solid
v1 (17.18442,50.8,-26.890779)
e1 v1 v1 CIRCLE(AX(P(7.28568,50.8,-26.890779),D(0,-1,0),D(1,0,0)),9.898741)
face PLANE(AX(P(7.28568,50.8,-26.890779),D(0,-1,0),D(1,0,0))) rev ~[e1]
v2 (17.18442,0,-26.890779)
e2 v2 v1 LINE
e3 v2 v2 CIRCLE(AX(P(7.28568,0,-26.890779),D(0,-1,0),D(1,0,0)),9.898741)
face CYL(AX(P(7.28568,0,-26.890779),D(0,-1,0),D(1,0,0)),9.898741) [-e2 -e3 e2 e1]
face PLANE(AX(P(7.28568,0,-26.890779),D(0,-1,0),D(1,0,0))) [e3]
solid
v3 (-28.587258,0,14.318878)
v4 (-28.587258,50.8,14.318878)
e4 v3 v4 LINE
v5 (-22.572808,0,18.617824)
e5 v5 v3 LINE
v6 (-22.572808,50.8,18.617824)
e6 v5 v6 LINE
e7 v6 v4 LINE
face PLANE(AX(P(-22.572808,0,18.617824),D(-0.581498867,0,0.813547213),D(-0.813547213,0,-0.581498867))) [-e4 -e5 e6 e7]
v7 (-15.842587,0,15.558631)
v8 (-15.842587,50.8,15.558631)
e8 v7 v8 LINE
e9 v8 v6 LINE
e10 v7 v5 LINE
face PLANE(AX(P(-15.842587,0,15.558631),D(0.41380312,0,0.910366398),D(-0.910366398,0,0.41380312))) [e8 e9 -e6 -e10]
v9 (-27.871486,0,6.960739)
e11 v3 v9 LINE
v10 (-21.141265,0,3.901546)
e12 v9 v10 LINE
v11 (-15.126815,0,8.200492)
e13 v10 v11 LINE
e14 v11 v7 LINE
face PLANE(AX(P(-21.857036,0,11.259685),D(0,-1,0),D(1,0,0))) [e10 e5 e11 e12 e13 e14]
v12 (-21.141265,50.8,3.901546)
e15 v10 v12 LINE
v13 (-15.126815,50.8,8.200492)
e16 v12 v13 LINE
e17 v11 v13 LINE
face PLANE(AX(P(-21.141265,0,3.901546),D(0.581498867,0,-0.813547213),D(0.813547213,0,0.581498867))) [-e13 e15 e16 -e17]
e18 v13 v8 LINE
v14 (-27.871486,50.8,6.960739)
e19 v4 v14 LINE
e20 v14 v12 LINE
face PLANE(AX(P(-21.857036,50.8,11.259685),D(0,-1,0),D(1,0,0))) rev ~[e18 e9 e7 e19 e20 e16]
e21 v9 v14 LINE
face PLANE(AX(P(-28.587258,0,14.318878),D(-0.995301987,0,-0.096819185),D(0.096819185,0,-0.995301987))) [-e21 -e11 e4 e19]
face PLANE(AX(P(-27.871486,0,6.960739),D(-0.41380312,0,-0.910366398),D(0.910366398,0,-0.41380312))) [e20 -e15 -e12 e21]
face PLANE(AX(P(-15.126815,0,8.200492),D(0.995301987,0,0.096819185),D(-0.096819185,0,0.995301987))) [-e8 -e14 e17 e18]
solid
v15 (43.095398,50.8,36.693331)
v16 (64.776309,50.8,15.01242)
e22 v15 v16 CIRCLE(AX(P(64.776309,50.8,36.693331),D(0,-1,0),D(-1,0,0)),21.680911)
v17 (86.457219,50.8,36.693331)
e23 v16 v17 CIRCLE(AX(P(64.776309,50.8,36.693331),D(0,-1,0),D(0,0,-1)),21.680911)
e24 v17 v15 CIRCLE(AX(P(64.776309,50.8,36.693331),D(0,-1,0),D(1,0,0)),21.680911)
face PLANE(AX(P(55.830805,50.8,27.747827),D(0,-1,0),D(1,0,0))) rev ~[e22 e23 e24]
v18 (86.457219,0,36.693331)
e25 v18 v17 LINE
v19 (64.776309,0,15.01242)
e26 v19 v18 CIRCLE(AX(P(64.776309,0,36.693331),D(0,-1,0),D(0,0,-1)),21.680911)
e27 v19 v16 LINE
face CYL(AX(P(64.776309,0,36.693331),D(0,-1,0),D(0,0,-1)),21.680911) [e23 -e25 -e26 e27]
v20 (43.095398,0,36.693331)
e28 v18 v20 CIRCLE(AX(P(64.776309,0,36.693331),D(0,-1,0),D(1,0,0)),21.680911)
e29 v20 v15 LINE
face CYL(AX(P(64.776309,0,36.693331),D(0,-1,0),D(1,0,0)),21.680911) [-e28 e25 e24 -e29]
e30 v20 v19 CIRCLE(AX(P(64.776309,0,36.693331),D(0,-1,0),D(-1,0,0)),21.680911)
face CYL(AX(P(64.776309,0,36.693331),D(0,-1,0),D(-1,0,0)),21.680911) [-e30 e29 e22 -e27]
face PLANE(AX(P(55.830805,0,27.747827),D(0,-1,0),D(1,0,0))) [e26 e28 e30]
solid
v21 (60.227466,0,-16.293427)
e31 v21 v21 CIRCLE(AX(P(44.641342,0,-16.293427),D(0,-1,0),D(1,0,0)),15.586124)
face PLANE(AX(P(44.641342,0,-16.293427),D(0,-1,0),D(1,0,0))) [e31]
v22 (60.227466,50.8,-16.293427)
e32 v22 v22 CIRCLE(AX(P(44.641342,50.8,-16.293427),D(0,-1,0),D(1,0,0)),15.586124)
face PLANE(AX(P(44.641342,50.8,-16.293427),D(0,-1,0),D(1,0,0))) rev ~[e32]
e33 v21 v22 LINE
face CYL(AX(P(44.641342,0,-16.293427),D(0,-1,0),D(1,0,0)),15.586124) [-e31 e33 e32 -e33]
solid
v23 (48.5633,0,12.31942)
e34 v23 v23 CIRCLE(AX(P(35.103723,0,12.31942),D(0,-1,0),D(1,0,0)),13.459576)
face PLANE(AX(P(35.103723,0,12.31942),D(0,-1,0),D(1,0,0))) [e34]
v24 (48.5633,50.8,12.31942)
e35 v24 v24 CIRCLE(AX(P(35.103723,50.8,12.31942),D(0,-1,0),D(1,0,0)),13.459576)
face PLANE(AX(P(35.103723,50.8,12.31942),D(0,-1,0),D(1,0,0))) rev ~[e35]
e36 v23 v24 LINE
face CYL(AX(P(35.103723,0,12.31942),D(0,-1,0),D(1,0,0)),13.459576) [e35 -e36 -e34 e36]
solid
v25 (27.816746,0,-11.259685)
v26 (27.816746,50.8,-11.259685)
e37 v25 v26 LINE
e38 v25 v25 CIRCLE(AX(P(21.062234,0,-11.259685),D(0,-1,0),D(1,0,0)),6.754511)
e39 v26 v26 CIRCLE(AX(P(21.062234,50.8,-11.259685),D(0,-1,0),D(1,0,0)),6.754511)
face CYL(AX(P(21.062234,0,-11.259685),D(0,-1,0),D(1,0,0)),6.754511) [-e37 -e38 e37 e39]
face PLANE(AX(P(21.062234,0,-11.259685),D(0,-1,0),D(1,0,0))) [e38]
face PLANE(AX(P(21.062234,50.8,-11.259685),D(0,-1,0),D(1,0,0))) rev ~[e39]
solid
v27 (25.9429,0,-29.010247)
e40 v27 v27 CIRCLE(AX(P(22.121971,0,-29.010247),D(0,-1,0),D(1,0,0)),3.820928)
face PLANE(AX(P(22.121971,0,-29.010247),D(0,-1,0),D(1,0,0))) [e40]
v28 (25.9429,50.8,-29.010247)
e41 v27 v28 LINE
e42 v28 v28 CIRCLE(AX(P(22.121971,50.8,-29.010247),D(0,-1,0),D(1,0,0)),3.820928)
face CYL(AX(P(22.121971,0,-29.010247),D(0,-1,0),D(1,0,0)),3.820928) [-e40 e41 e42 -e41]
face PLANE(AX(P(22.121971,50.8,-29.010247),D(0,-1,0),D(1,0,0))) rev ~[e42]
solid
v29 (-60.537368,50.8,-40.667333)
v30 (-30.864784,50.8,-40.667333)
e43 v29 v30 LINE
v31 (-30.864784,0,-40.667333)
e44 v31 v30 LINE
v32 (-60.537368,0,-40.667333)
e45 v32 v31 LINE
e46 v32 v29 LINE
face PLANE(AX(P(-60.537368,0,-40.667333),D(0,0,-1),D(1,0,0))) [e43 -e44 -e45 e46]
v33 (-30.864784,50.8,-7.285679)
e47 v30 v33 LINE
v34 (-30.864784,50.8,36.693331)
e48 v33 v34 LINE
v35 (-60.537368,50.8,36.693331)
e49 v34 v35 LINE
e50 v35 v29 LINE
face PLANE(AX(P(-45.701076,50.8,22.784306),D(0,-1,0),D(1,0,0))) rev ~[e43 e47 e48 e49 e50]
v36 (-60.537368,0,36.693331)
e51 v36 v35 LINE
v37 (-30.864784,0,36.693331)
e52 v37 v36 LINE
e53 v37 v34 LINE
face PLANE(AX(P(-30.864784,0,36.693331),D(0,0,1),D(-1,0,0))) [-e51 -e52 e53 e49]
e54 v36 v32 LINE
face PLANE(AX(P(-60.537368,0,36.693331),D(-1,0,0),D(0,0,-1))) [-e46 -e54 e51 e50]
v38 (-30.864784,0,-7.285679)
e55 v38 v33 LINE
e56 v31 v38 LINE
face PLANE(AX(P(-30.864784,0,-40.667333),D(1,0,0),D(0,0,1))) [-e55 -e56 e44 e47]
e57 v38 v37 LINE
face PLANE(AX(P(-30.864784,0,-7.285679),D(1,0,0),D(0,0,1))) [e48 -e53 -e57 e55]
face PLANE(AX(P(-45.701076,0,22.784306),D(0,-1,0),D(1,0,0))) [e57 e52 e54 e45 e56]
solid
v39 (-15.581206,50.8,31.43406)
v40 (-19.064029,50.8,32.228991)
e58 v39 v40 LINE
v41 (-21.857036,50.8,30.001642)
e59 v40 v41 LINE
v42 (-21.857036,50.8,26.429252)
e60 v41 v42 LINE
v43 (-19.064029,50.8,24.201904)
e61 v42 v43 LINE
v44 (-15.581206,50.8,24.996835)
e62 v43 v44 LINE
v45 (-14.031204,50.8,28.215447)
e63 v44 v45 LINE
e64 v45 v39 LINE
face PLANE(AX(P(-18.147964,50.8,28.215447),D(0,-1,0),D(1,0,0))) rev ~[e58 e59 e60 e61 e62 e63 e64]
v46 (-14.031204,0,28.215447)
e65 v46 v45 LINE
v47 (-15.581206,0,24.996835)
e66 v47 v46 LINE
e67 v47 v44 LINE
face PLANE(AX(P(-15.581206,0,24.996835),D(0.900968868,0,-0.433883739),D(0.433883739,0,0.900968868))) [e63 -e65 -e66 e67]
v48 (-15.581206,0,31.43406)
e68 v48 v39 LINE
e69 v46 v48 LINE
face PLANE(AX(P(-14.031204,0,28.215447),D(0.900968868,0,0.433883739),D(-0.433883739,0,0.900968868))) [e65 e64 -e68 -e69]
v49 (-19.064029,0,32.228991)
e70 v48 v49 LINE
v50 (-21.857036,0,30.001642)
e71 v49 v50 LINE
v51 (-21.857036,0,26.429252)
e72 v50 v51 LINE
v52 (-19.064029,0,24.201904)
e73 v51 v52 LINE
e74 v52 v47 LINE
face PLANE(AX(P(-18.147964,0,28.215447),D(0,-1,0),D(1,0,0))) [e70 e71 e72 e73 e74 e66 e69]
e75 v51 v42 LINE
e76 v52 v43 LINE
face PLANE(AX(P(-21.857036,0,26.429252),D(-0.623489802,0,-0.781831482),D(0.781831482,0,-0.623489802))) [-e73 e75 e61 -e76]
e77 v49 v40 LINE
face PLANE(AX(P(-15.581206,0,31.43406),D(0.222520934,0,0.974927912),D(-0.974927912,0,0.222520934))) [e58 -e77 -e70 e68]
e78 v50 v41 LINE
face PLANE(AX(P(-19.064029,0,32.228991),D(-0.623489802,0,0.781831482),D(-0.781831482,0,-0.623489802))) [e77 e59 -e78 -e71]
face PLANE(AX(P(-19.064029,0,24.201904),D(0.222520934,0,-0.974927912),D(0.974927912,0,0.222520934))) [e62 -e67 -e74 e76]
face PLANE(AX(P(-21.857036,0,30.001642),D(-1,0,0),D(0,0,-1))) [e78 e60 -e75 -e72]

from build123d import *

# Parameters (mm, degrees)
F0_W     = 3.7090729456
F0_H     = 33.3816539496
F1_DEPTH = 50.8
F0_R     = 9.898740662
F0_R_2   = 13.4595762484
F0_R_3   = 15.5861238633
F0_R_4   = 6.7545111413
F0_R_5   = 3.82092803


with BuildPart() as f1:
    # F0 (on Front) → F1 (new body)
    with BuildSketch(Plane.XZ):
        Polygon((-30.864784494, 36.6933308542), (-60.5373680592, 36.6933308542), (-60.5373680592, 8.87528155), (-45.7010762766, 8.87528155), (-30.864784494, 8.87528155), align=None)
        with Locations((-32.7193209669, -23.976505734)):
            Rectangle(F0_W, F0_H)
        Polygon((-30.864784494, -7.2856787592), (-30.864784494, 0), (-38.2829303853, 0), (-38.2829303853, -7.2856787592), (-34.5738574397, -7.2856787592), align=None)
        Polygon((-45.7010762766, 8.87528155), (-60.5373680592, 8.87528155), (-60.5373680592, -40.6673327088), (-34.5738574397, -40.6673327088), (-34.5738574397, -7.2856787592), (-38.2829303853, -7.2856787592), (-38.2829303853, 0), (-45.7010762766, 0), align=None)
        Polygon((-30.864784494, 0), (-30.864784494, 8.87528155), (-45.7010762766, 8.87528155), (-45.7010762766, 0), (-38.2829303853, 0), align=None)
    extrude(amount=-F1_DEPTH)


with BuildPart() as f1b:
    # F0 (on Front) → F1, piece 2 (new body)
    with BuildSketch(Plane.XZ):
        with Locations((7.2856796905, -26.8907789141)):
            Circle(F0_R)
    extrude(amount=-F1_DEPTH)


with BuildPart() as f1c:
    # F0 (on Front) → F1, piece 3 (new body)
    with BuildSketch(Plane.XZ):
        Polygon((-27.8714858528, 6.9607391719), (-21.1412645344, 3.9015460993), (-15.1268149592, 8.2004921979), (-15.8425867025, 15.558631369), (-22.5728080209, 18.6178244416), (-28.5872575961, 14.3188783431), align=None)
    extrude(amount=-F1_DEPTH)


with BuildPart() as f1d:
    # F0 (on Front) → F1, piece 4 (new body)
    with BuildSketch(Plane.XZ):
        Polygon((-21.8570362777, 30.0016424943), (-21.8570362777, 26.4292523872), (-19.0640292243, 24.2019035872), (-15.5812063957, 24.9968351702), (-14.0312044184, 28.2154474407), (-15.5812063957, 31.4340597112), (-19.0640292243, 32.2289912943), align=None)
    extrude(amount=-F1_DEPTH)


with BuildPart() as f1e:
    # F0 (on Front) → F1, piece 5 (new body)
    with BuildSketch(Plane.XZ):
        with Locations((35.1037234068, 12.3194204643)):
            Circle(F0_R_2)
    extrude(amount=-F1_DEPTH)


with BuildPart() as f1f:
    # F0 (on Front) → F1, piece 6 (new body)
    with BuildSketch(Plane.XZ):
        with BuildLine():
            Line((64.7763088346, 36.6933308542), (43.0953982079, 36.6933308542))
            ThreePointArc((43.0953982079, 36.6933308542), (49.4455899082, 21.3626119278), (64.7763088346, 15.0124202276))
            Line((64.7763088346, 15.0124202276), (64.7763088346, 36.6933308542))
        make_face()
        with BuildLine():
            ThreePointArc((86.4572194612, 36.6933308542), (64.7763088346, 58.3742414808), (43.0953982079, 36.6933308542))
            Line((43.0953982079, 36.6933308542), (64.7763088346, 36.6933308542))
            Line((64.7763088346, 36.6933308542), (64.7763088346, 15.0124202276))
            ThreePointArc((64.7763088346, 15.0124202276), (80.1070277609, 21.3626119278), (86.4572194612, 36.6933308542))
        make_face()
    extrude(amount=-F1_DEPTH)


with BuildPart() as f1g:
    # F0 (on Front) → F1, piece 7 (new body)
    with BuildSketch(Plane.XZ):
        with Locations((44.6413420141, -16.2934269756)):
            Circle(F0_R_3)
    extrude(amount=-F1_DEPTH)


with BuildPart() as f1h:
    # F0 (on Front) → F1, piece 8 (new body)
    with BuildSketch(Plane.XZ):
        with Locations((21.0622344166, -11.2596852705)):
            Circle(F0_R_4)
    extrude(amount=-F1_DEPTH)


with BuildPart() as f1i:
    # F0 (on Front) → F1, piece 9 (new body)
    with BuildSketch(Plane.XZ):
        with Locations((22.1219714731, -29.0102474391)):
            Circle(F0_R_5)
    extrude(amount=-F1_DEPTH)


solid = Compound([f1.part, f1b.part, f1c.part, f1d.part, f1e.part, f1f.part, f1g.part, f1h.part, f1i.part])
